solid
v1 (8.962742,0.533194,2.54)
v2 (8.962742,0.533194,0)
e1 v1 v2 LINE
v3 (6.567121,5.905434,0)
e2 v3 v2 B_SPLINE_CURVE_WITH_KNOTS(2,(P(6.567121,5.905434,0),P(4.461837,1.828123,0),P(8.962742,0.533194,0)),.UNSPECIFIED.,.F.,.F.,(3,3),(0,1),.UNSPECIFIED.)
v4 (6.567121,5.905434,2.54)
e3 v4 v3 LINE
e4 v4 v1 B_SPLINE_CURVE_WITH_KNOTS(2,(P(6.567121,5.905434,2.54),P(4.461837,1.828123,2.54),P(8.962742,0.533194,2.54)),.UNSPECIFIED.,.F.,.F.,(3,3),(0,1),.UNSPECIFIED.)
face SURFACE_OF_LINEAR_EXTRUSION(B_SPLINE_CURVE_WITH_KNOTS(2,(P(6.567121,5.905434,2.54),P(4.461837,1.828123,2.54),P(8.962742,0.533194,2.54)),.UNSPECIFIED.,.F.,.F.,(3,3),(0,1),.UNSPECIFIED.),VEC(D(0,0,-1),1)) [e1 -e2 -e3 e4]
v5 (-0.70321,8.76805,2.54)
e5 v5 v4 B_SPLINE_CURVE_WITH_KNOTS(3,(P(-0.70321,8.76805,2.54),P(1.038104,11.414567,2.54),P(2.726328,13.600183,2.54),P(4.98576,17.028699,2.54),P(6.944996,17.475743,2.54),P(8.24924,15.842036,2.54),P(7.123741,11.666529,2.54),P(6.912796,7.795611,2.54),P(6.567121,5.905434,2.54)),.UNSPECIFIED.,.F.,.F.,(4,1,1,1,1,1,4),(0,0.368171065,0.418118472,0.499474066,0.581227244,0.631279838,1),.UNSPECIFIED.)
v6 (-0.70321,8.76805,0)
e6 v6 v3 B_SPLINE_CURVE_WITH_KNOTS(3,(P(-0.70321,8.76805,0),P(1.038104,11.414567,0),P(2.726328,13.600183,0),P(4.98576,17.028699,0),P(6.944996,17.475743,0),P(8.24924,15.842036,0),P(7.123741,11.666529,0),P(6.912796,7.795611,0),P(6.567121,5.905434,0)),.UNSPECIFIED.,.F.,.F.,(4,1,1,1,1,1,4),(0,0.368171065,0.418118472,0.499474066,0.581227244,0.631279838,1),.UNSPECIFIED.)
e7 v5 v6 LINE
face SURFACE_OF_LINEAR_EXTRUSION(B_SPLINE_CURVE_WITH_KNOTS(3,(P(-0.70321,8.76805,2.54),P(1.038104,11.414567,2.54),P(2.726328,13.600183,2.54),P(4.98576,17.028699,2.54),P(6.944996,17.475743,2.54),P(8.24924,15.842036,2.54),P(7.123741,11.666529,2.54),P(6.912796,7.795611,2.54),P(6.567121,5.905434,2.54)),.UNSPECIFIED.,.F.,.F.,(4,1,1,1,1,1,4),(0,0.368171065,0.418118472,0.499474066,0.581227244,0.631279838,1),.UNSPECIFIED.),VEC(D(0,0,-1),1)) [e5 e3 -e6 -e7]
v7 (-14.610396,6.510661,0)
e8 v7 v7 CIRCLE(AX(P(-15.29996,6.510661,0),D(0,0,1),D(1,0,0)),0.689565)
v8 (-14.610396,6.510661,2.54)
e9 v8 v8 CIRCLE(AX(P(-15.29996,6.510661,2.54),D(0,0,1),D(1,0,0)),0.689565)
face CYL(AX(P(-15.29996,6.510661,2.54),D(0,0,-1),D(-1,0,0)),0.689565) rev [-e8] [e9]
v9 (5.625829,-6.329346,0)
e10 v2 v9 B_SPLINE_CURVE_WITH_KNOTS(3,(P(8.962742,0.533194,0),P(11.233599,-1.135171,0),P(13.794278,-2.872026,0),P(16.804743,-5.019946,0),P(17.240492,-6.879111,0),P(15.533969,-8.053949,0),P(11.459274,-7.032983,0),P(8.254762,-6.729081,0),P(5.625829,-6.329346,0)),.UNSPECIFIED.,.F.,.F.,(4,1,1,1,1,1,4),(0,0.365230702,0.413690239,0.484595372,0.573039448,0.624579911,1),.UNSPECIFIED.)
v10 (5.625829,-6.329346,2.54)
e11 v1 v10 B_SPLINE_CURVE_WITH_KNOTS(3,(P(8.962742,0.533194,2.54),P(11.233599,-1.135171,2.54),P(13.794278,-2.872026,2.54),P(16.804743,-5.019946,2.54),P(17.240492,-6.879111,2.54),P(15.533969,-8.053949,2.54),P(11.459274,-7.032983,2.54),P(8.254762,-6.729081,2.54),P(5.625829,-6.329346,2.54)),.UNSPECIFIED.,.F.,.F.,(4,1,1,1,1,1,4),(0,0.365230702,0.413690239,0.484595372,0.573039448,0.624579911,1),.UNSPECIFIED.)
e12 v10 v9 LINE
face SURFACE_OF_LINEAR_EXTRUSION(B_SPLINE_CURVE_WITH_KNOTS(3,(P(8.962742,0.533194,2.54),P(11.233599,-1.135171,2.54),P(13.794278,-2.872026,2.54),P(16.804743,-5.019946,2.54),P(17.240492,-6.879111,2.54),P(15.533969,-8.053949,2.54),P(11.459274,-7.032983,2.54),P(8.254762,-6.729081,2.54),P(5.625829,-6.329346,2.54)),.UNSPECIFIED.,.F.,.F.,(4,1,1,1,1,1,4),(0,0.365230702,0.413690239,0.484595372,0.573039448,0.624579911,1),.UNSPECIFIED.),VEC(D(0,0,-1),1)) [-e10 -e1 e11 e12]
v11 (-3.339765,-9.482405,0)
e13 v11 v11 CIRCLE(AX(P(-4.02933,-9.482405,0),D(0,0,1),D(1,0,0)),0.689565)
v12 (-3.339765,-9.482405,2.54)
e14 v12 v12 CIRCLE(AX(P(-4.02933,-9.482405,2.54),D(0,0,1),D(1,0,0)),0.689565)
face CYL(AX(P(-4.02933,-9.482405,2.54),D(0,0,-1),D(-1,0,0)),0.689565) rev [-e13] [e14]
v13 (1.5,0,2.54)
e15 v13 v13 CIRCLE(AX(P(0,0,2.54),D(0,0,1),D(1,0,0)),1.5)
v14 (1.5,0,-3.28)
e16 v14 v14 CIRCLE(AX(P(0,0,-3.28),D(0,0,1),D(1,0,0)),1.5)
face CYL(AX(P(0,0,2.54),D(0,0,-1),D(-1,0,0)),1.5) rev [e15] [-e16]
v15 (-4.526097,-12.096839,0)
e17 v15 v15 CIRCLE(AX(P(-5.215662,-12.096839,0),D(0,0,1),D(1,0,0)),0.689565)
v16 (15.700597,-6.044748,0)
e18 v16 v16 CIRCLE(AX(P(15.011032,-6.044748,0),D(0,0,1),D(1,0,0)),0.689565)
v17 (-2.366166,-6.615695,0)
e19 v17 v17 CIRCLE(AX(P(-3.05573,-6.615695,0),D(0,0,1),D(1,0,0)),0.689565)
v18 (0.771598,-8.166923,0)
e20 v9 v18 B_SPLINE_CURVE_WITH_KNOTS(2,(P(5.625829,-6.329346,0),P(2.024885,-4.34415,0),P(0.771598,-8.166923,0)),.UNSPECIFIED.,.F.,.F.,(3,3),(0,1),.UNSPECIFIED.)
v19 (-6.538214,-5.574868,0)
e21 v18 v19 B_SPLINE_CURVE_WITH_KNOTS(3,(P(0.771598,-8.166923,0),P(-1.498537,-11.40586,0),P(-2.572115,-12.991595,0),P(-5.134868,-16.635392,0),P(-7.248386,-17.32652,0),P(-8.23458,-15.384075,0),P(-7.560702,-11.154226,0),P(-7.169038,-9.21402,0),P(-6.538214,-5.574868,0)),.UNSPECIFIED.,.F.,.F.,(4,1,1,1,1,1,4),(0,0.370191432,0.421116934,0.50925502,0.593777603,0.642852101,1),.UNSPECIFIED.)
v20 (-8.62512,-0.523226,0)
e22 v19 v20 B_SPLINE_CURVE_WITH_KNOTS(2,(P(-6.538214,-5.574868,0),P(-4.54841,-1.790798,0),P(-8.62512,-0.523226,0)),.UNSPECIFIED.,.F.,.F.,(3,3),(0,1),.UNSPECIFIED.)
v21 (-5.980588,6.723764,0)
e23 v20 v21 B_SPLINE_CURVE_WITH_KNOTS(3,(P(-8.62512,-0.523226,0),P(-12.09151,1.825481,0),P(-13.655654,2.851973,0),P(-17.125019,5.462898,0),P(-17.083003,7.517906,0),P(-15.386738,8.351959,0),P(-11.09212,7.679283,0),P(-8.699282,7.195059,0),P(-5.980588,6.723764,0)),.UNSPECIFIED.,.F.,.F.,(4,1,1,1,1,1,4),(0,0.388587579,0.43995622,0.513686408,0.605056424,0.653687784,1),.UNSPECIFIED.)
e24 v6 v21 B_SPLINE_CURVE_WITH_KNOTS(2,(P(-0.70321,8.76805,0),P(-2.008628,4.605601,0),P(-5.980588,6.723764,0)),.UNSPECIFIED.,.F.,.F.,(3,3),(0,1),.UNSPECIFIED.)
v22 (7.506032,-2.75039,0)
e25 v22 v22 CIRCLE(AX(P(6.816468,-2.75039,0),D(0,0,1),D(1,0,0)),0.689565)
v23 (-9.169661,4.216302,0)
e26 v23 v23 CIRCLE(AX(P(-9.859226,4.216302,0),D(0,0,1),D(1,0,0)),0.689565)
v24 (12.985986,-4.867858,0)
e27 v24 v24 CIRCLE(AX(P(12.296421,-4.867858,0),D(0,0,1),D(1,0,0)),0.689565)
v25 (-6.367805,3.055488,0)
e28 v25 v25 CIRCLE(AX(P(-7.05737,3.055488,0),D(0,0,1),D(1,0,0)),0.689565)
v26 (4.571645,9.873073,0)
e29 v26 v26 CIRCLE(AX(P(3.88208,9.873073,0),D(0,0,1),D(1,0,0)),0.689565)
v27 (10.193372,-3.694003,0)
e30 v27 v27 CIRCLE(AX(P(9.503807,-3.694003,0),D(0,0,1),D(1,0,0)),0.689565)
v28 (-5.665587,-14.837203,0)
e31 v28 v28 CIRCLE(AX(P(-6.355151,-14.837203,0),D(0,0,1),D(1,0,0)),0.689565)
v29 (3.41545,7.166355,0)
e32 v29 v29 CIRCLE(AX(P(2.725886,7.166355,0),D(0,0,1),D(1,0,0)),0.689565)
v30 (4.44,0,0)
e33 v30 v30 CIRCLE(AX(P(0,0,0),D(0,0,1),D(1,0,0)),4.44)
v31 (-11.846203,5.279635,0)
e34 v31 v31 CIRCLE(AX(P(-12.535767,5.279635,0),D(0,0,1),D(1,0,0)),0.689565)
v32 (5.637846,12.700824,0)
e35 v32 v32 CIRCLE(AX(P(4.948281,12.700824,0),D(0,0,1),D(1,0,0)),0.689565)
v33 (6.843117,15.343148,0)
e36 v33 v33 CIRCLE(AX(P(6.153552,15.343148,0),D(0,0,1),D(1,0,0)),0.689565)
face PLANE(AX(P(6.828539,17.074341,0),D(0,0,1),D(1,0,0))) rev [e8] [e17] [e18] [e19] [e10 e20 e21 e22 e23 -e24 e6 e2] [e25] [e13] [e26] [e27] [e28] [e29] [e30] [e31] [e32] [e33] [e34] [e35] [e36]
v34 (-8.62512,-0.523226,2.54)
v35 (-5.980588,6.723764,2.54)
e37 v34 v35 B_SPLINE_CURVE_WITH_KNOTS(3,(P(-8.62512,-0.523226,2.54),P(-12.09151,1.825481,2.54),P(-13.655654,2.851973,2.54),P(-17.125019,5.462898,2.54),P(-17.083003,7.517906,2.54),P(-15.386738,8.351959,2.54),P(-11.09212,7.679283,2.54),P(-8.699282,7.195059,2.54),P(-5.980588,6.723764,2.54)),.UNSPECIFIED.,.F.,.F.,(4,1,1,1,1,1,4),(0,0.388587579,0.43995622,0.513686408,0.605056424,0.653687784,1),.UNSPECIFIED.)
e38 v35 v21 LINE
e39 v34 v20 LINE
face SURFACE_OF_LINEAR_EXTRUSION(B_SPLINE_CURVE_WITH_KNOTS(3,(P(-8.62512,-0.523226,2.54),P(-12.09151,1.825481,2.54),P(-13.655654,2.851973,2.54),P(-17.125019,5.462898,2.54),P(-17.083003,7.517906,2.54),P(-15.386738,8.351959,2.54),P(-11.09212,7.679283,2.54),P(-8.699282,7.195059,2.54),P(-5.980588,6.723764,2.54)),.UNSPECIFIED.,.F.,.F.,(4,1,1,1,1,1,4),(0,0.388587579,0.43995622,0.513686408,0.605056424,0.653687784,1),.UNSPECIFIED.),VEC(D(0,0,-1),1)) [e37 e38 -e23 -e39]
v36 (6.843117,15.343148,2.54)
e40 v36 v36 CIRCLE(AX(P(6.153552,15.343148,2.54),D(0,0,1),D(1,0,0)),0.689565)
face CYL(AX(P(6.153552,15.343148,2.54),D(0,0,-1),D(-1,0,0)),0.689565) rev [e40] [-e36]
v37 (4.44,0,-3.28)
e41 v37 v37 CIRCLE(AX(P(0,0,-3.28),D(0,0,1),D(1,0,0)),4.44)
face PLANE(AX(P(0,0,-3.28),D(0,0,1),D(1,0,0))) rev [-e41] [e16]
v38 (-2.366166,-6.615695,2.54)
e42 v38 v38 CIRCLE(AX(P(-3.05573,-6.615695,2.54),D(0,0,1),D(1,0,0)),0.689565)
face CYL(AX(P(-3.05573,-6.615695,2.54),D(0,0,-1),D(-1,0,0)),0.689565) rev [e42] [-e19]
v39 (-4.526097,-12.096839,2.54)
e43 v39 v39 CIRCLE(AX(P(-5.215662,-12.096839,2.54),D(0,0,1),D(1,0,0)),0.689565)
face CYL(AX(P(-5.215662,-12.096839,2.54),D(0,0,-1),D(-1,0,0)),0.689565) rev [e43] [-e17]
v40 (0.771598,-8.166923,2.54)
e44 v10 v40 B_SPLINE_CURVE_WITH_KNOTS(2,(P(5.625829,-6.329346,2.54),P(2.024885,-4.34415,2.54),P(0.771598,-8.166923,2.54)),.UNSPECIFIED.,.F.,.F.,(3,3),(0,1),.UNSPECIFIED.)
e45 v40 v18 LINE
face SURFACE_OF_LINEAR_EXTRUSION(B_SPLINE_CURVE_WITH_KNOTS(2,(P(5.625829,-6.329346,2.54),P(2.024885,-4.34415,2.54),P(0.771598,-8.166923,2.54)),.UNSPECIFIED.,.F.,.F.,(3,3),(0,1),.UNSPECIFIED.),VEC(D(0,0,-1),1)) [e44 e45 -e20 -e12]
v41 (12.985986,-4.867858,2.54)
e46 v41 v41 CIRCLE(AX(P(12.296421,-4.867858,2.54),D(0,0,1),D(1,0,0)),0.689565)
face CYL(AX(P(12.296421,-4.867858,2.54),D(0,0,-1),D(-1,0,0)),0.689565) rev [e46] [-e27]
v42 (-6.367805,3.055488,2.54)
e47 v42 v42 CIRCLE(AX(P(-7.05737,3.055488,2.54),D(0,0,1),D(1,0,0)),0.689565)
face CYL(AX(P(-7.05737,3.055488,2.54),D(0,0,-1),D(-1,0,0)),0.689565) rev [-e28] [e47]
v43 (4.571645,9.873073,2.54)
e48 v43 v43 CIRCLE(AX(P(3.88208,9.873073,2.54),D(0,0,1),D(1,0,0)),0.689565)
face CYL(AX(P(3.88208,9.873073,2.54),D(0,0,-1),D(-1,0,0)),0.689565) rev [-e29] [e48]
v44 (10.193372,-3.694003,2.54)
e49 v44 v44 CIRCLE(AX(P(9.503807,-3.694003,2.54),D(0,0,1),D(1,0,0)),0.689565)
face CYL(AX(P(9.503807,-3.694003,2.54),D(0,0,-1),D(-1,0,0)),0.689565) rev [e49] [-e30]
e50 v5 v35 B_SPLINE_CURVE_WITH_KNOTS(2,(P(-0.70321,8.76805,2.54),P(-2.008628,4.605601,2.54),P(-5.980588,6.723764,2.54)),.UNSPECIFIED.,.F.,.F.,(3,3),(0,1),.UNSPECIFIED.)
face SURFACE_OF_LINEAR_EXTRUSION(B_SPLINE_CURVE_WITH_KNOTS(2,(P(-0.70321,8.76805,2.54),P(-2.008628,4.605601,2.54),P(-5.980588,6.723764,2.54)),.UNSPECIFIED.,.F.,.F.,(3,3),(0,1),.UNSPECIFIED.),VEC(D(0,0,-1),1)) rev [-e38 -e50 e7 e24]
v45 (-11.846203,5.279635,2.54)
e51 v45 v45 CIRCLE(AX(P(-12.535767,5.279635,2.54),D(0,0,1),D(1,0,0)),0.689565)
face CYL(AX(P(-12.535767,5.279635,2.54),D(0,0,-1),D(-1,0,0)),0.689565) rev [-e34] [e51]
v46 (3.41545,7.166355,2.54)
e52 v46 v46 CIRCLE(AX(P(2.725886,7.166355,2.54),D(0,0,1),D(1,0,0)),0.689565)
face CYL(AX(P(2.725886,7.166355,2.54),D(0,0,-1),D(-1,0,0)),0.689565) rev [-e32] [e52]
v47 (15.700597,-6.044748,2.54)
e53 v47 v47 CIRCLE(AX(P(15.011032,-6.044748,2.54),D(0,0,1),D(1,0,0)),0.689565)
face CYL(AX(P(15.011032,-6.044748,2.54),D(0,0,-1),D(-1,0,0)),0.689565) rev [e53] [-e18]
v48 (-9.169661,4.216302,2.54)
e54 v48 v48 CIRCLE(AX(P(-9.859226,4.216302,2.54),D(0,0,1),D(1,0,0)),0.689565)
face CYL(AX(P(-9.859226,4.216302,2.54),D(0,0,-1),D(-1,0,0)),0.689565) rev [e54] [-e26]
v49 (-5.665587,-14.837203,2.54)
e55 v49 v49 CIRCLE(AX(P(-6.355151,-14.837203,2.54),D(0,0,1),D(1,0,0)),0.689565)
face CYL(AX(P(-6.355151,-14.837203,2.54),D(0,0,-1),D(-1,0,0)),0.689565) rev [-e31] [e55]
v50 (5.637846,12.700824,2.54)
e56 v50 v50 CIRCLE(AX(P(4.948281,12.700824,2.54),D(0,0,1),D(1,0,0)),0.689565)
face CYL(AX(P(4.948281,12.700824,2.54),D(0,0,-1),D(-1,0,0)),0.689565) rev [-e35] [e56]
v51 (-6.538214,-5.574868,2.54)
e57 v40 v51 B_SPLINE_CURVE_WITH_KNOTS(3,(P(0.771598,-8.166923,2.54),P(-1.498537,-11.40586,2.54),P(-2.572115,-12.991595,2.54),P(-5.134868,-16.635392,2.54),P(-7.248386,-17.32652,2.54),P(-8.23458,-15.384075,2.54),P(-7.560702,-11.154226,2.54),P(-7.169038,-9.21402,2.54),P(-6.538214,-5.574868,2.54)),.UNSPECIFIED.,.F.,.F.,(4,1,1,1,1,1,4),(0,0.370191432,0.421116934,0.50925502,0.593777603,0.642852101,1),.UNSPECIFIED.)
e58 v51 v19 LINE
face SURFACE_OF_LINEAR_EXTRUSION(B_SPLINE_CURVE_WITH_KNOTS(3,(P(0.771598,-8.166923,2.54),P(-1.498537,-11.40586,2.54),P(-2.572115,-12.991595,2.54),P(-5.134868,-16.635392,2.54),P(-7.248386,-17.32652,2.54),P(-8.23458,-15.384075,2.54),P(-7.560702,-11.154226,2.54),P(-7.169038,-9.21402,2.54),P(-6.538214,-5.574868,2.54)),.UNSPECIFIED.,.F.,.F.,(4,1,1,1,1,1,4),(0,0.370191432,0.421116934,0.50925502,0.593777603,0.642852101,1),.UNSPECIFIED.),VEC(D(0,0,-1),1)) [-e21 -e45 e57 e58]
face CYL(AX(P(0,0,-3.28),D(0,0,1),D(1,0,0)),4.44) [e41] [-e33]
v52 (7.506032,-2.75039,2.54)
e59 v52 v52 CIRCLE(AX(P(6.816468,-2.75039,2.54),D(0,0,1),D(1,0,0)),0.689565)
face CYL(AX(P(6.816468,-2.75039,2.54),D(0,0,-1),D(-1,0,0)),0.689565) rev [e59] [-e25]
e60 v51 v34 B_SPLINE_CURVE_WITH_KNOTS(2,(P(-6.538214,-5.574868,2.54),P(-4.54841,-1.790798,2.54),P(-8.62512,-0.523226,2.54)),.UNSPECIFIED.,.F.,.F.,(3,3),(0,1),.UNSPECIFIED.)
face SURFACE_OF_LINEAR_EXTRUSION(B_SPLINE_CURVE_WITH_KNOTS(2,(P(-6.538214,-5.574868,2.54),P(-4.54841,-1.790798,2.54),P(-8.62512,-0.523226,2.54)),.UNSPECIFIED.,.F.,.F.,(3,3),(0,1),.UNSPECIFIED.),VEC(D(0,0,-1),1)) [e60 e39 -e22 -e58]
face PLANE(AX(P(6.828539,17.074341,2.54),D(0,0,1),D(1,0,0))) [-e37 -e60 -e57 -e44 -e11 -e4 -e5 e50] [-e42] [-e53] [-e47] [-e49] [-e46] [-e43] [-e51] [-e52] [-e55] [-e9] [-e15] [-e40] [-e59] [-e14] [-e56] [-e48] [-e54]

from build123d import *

# Parameters (mm, degrees)
ESQUISSE1_R        = 1.5
ESQUISSE1_R_2      = 0.689564765
BOSS_EXTRU_4_DEPTH = 2.54
BOSS_EXTRU_7_START = -3.28
ESQUISSE1_7_R      = 4.44
ESQUISSE1_7_R_2    = 1.5
BOSS_EXTRU_7_DEPTH = 3.28


with BuildPart() as part:
    # Esquisse1 → Boss.-Extru.4 (new body)
    with BuildSketch(Plane.XY):
        with BuildLine():
            add(Edge.make_bspline(
                [(6.567121495, 5.905433908), (4.461837226, 1.828122654), (8.962742331, 0.533193532)],
                knots=[0, 0, 0, 1, 1, 1], degree=2))
            add(Edge.make_bspline(
                [(8.962742331, 0.533193532), (11.233599128, -1.135170693), (13.794278142, -2.872025716), (16.804742935, -5.019945798), (17.24049157, -6.879111238), (15.533969393, -8.053949097), (11.459274334, -7.032983025), (8.254762212, -6.729080876), (5.625829249, -6.329345715)],
                knots=[0, 0, 0, 0, 0.365230702, 0.413690239, 0.484595372, 0.573039448, 0.624579911, 1, 1, 1, 1], degree=3))
            add(Edge.make_bspline(
                [(5.625829249, -6.329345715), (2.024885254, -4.344149707), (0.77159782, -8.16692335)],
                knots=[0, 0, 0, 1, 1, 1], degree=2))
            add(Edge.make_bspline(
                [(0.77159782, -8.16692335), (-1.498537108, -11.40585955), (-2.572114914, -12.991594751), (-5.134867914, -16.635392391), (-7.248385516, -17.326519985), (-8.234579565, -15.384075376), (-7.560702293, -11.154226456), (-7.169038126, -9.21402013), (-6.538213987, -5.57486786)],
                knots=[0, 0, 0, 0, 0.370191432, 0.421116934, 0.50925502, 0.593777603, 0.642852101, 1, 1, 1, 1], degree=3))
            add(Edge.make_bspline(
                [(-6.538213987, -5.57486786), (-4.548409588, -1.790797747), (-8.62512041, -0.523225883)],
                knots=[0, 0, 0, 1, 1, 1], degree=2))
            add(Edge.make_bspline(
                [(-8.62512041, -0.523225883), (-12.091510063, 1.825480591), (-13.655654454, 2.851972586), (-17.125018828, 5.462898262), (-17.083003107, 7.517905935), (-15.386738158, 8.351959165), (-11.092119748, 7.679282599), (-8.699281787, 7.195059354), (-5.980588442, 6.723763978)],
                knots=[0, 0, 0, 0, 0.388587579, 0.43995622, 0.513686408, 0.605056424, 0.653687784, 1, 1, 1, 1], degree=3))
            add(Edge.make_bspline(
                [(-0.703210078, 8.768050227), (-2.008627705, 4.605601266), (-5.980588442, 6.723763978)],
                knots=[0, 0, 0, 1, 1, 1], degree=2))
            add(Edge.make_bspline(
                [(-0.703210078, 8.768050227), (1.038103991, 11.414566676), (2.726327809, 13.600182572), (4.985759508, 17.028699407), (6.944996298, 17.475743013), (8.249239792, 15.842036451), (7.123741289, 11.666529445), (6.912796091, 7.795610598), (6.567121495, 5.905433908)],
                knots=[0, 0, 0, 0, 0.368171065, 0.418118472, 0.499474066, 0.581227244, 0.631279838, 1, 1, 1, 1], degree=3))
        make_face()
        Circle(ESQUISSE1_R, mode=Mode.SUBTRACT)
        with Locations((-3.055730452, -6.615695246)):
            Circle(ESQUISSE1_R_2, mode=Mode.SUBTRACT)
        with Locations((6.81646767, -2.750390202)):
            Circle(ESQUISSE1_R_2, mode=Mode.SUBTRACT)
        with Locations((9.503806951, -3.694002797)):
            Circle(ESQUISSE1_R_2, mode=Mode.SUBTRACT)
        with Locations((12.296421164, -4.867858313)):
            Circle(ESQUISSE1_R_2, mode=Mode.SUBTRACT)
        with Locations((15.011032301, -6.044747963)):
            Circle(ESQUISSE1_R_2, mode=Mode.SUBTRACT)
        with Locations((2.725885646, 7.16635514)):
            Circle(ESQUISSE1_R_2, mode=Mode.SUBTRACT)
        with Locations((3.882079968, 9.873073051)):
            Circle(ESQUISSE1_R_2, mode=Mode.SUBTRACT)
        with Locations((4.948281002, 12.700823619)):
            Circle(ESQUISSE1_R_2, mode=Mode.SUBTRACT)
        with Locations((6.153551735, 15.34314792)):
            Circle(ESQUISSE1_R_2, mode=Mode.SUBTRACT)
        with Locations((-4.029330045, -9.482405157)):
            Circle(ESQUISSE1_R_2, mode=Mode.SUBTRACT)
        with Locations((-5.215661817, -12.096838797)):
            Circle(ESQUISSE1_R_2, mode=Mode.SUBTRACT)
        with Locations((-6.355151293, -14.837202916)):
            Circle(ESQUISSE1_R_2, mode=Mode.SUBTRACT)
        with Locations((-7.057369503, 3.055488218)):
            Circle(ESQUISSE1_R_2, mode=Mode.SUBTRACT)
        with Locations((-9.859225558, 4.216302275)):
            Circle(ESQUISSE1_R_2, mode=Mode.SUBTRACT)
        with Locations((-12.535767353, 5.279634897)):
            Circle(ESQUISSE1_R_2, mode=Mode.SUBTRACT)
        with Locations((-15.299960499, 6.510661118)):
            Circle(ESQUISSE1_R_2, mode=Mode.SUBTRACT)
    extrude(amount=BOSS_EXTRU_4_DEPTH)

    # Esquisse1<7> → Boss.-Extru.7 (add)
    with BuildSketch(Plane.XY.offset(BOSS_EXTRU_7_START)):
        Circle(ESQUISSE1_7_R)
        Circle(ESQUISSE1_7_R_2, mode=Mode.SUBTRACT)
    extrude(amount=BOSS_EXTRU_7_DEPTH)


solid = part.part
